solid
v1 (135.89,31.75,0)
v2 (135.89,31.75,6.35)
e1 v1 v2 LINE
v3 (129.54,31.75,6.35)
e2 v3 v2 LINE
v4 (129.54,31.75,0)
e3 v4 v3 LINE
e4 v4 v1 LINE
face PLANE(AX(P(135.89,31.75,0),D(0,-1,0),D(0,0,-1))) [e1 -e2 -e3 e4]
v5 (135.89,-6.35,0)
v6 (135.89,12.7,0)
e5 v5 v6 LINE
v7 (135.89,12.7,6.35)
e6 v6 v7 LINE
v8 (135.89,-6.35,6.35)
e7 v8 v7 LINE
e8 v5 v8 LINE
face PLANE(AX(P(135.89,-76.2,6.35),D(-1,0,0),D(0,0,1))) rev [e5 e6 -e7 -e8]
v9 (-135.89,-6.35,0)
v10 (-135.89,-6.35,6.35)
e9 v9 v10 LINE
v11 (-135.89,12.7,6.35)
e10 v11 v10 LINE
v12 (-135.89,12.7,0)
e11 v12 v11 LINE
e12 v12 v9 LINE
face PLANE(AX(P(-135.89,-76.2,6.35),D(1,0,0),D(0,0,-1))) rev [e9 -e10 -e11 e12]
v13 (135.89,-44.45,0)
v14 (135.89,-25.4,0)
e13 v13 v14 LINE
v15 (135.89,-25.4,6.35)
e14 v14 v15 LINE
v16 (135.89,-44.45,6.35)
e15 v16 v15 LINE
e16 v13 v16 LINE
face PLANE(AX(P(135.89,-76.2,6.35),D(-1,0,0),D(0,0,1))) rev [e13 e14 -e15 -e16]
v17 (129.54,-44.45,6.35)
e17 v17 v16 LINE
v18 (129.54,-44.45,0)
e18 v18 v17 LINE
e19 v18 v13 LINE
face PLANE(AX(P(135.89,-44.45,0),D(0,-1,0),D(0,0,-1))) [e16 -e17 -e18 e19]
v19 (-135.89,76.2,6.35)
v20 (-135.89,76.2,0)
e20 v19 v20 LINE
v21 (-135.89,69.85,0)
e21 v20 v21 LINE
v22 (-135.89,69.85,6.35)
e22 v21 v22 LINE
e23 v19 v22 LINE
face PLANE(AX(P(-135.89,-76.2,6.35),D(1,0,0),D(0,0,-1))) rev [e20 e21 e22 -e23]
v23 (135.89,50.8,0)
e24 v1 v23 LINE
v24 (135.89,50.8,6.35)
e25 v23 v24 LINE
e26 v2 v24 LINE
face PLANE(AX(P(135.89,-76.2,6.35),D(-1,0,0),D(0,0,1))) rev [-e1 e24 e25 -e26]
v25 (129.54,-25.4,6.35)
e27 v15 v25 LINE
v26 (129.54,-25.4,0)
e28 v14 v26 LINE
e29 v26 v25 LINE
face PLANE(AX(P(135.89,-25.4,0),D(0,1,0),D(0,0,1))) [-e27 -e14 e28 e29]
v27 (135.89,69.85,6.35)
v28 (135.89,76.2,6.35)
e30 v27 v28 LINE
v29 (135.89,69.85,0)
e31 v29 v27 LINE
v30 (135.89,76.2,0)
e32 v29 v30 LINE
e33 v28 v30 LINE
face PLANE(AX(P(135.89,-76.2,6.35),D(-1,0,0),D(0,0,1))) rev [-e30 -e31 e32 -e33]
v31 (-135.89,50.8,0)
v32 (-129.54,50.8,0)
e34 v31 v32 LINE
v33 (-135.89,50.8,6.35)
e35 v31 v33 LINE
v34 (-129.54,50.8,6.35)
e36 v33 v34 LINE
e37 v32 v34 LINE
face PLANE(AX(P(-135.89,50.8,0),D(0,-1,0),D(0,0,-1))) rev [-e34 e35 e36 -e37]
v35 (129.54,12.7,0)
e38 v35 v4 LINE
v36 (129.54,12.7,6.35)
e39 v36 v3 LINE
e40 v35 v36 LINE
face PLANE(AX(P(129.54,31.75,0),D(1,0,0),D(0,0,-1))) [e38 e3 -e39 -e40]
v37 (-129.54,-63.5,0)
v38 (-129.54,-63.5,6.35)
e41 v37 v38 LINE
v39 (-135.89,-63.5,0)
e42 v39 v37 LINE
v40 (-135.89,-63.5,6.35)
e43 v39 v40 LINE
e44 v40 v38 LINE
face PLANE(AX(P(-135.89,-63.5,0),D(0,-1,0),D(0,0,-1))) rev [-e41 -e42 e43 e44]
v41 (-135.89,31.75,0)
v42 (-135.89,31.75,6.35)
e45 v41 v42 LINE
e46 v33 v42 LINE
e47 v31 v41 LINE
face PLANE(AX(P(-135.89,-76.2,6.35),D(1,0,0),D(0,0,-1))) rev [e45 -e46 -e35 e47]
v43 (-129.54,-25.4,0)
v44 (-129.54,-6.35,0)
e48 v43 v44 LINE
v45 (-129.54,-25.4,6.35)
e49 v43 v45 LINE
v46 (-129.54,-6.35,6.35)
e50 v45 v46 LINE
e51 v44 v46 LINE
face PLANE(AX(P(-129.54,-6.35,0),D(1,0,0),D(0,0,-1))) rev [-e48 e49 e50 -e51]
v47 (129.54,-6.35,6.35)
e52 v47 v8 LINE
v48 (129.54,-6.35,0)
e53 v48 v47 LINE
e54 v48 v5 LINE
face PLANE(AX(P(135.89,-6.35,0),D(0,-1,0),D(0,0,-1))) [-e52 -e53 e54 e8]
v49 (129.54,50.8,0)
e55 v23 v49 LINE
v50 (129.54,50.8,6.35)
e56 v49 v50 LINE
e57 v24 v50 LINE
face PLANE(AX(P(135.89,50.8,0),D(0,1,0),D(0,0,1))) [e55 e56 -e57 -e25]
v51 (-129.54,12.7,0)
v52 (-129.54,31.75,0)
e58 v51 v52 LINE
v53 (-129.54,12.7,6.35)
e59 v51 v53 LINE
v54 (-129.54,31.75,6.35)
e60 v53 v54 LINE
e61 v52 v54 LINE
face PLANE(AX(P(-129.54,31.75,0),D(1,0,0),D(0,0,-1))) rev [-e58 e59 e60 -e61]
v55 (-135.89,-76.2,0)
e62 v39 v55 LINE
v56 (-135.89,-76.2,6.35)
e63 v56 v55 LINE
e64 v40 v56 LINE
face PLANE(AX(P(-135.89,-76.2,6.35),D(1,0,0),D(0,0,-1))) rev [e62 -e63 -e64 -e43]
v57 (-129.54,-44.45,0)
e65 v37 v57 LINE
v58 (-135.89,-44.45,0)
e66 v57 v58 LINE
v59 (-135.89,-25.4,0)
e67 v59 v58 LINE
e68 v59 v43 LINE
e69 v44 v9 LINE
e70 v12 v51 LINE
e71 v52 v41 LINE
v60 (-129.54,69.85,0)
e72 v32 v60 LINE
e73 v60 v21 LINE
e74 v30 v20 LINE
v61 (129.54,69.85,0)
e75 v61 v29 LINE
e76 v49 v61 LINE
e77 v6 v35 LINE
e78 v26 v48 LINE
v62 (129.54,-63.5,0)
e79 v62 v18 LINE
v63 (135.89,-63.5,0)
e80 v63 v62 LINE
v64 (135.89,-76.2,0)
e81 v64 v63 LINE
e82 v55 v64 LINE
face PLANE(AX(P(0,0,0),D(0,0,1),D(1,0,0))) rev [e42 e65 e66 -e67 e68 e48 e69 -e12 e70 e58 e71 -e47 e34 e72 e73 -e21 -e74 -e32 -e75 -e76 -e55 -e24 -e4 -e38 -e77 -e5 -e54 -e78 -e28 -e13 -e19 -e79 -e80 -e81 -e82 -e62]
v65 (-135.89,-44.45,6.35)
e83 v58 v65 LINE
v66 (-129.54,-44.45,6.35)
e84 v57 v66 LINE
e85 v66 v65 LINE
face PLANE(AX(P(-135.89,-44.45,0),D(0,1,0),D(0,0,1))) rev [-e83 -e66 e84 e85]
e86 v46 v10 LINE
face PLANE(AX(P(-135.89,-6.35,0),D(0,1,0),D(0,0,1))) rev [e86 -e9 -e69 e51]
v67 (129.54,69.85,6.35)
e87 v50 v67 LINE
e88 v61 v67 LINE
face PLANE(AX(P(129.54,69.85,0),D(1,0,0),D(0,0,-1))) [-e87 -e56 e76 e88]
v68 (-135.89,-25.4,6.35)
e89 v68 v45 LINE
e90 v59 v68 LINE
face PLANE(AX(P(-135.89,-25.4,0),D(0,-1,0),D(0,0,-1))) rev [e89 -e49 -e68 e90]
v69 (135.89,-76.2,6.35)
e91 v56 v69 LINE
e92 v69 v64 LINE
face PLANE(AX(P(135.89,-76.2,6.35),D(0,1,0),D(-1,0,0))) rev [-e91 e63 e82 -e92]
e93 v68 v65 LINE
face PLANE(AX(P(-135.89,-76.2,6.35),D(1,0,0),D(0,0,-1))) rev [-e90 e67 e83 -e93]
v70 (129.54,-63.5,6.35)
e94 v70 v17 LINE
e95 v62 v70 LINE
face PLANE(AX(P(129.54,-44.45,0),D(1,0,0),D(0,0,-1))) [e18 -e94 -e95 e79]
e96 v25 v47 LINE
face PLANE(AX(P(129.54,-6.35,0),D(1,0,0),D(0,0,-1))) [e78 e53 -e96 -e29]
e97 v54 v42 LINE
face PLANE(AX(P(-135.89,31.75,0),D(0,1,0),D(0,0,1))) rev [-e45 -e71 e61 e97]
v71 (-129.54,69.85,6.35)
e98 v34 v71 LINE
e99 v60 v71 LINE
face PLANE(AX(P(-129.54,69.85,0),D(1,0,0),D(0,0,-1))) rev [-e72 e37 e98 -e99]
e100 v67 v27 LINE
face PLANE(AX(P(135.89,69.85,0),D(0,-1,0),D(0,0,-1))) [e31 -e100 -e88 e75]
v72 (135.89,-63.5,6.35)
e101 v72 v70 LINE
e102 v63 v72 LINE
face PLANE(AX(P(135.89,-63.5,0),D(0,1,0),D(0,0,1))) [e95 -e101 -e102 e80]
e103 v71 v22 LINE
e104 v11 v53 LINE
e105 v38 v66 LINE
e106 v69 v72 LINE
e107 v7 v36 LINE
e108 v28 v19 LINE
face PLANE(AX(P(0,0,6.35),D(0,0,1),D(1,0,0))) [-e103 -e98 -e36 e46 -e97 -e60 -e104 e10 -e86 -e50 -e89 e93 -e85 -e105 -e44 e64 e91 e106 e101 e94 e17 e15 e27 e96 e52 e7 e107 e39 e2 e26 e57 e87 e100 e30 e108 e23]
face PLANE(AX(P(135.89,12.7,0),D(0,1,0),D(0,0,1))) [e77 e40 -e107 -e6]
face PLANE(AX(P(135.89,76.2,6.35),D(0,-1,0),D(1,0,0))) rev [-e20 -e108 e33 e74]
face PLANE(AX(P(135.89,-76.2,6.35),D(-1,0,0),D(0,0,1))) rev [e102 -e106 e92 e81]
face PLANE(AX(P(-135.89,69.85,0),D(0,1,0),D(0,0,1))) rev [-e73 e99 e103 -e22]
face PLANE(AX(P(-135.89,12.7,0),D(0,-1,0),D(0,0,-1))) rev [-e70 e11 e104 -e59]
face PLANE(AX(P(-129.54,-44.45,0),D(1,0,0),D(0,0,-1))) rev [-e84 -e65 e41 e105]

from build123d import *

# Parameters (mm, degrees)
SKETCH1_W               = 271.78
SKETCH1_H               = 152.4
BOSS_EXTRUDE1_DEPTH     = 6.35
SKETCH2_W               = 6.35
SKETCH2_H               = 19.05
CUT_EXTRUDE1_DEPTH      = 156.925798379
LPATTERN1_COUNT         = 4
LPATTERN1_PITCH         = 38.1
MIRROR1_COPY_1_SKETCH_W = 6.35
MIRROR1_COPY_1_SKETCH_H = 19.05
MIRROR1_COPY_1_DEPTH    = 156.925798379
MIRROR1_COPY_2_SKETCH_W = 6.35
MIRROR1_COPY_2_SKETCH_H = 19.05
MIRROR1_COPY_2_DEPTH    = 156.925798379
MIRROR1_COPY_3_SKETCH_W = 6.35
MIRROR1_COPY_3_SKETCH_H = 19.05
MIRROR1_COPY_3_DEPTH    = 156.925798379


with BuildPart() as part:
    # Sketch1 → Boss-Extrude1 (new body)
    with BuildSketch(Plane.XY):
        Rectangle(SKETCH1_W, SKETCH1_H)
    extrude(amount=BOSS_EXTRUDE1_DEPTH)

    # Sketch2 → Cut-Extrude1 (cut, through all)
    with BuildSketch(Plane.XY.offset(6.35)):
        with Locations((-132.715, 60.325)):
            Rectangle(SKETCH2_W, SKETCH2_H)
    cut_extrude1 = extrude(amount=-CUT_EXTRUDE1_DEPTH, mode=Mode.SUBTRACT)

    # LPattern1: Cut-Extrude1 ×4
    with Locations(*[(0, -i * LPATTERN1_PITCH, 0) for i in range(1, LPATTERN1_COUNT)]):
        add(cut_extrude1, mode=Mode.SUBTRACT)

    # Mirror1: Cut-Extrude1 across plane
    add(cut_extrude1.mirror(Plane(origin=(0, 0, 0), x_dir=(0, 0, 1), z_dir=(1, 0, 0))), mode=Mode.SUBTRACT)

    # Mirror1 copy 1 sketch → Mirror1 copy 1 (cut, through all)
    with BuildSketch(Plane(origin=(0, -38.1, 6.35), x_dir=(-1, 0, 0), z_dir=(0, 0, 1))):
        with Locations((-132.715, -60.325)):
            Rectangle(MIRROR1_COPY_1_SKETCH_W, MIRROR1_COPY_1_SKETCH_H)
    extrude(amount=-MIRROR1_COPY_1_DEPTH, mode=Mode.SUBTRACT)

    # Mirror1 copy 2 sketch → Mirror1 copy 2 (cut, through all)
    with BuildSketch(Plane(origin=(0, -76.2, 6.35), x_dir=(-1, 0, 0), z_dir=(0, 0, 1))):
        with Locations((-132.715, -60.325)):
            Rectangle(MIRROR1_COPY_2_SKETCH_W, MIRROR1_COPY_2_SKETCH_H)
    extrude(amount=-MIRROR1_COPY_2_DEPTH, mode=Mode.SUBTRACT)

    # Mirror1 copy 3 sketch → Mirror1 copy 3 (cut, through all)
    with BuildSketch(Plane(origin=(0, -114.3, 6.35), x_dir=(-1, 0, 0), z_dir=(0, 0, 1))):
        with Locations((-132.715, -60.325)):
            Rectangle(MIRROR1_COPY_3_SKETCH_W, MIRROR1_COPY_3_SKETCH_H)
    extrude(amount=-MIRROR1_COPY_3_DEPTH, mode=Mode.SUBTRACT)


solid = part.part
